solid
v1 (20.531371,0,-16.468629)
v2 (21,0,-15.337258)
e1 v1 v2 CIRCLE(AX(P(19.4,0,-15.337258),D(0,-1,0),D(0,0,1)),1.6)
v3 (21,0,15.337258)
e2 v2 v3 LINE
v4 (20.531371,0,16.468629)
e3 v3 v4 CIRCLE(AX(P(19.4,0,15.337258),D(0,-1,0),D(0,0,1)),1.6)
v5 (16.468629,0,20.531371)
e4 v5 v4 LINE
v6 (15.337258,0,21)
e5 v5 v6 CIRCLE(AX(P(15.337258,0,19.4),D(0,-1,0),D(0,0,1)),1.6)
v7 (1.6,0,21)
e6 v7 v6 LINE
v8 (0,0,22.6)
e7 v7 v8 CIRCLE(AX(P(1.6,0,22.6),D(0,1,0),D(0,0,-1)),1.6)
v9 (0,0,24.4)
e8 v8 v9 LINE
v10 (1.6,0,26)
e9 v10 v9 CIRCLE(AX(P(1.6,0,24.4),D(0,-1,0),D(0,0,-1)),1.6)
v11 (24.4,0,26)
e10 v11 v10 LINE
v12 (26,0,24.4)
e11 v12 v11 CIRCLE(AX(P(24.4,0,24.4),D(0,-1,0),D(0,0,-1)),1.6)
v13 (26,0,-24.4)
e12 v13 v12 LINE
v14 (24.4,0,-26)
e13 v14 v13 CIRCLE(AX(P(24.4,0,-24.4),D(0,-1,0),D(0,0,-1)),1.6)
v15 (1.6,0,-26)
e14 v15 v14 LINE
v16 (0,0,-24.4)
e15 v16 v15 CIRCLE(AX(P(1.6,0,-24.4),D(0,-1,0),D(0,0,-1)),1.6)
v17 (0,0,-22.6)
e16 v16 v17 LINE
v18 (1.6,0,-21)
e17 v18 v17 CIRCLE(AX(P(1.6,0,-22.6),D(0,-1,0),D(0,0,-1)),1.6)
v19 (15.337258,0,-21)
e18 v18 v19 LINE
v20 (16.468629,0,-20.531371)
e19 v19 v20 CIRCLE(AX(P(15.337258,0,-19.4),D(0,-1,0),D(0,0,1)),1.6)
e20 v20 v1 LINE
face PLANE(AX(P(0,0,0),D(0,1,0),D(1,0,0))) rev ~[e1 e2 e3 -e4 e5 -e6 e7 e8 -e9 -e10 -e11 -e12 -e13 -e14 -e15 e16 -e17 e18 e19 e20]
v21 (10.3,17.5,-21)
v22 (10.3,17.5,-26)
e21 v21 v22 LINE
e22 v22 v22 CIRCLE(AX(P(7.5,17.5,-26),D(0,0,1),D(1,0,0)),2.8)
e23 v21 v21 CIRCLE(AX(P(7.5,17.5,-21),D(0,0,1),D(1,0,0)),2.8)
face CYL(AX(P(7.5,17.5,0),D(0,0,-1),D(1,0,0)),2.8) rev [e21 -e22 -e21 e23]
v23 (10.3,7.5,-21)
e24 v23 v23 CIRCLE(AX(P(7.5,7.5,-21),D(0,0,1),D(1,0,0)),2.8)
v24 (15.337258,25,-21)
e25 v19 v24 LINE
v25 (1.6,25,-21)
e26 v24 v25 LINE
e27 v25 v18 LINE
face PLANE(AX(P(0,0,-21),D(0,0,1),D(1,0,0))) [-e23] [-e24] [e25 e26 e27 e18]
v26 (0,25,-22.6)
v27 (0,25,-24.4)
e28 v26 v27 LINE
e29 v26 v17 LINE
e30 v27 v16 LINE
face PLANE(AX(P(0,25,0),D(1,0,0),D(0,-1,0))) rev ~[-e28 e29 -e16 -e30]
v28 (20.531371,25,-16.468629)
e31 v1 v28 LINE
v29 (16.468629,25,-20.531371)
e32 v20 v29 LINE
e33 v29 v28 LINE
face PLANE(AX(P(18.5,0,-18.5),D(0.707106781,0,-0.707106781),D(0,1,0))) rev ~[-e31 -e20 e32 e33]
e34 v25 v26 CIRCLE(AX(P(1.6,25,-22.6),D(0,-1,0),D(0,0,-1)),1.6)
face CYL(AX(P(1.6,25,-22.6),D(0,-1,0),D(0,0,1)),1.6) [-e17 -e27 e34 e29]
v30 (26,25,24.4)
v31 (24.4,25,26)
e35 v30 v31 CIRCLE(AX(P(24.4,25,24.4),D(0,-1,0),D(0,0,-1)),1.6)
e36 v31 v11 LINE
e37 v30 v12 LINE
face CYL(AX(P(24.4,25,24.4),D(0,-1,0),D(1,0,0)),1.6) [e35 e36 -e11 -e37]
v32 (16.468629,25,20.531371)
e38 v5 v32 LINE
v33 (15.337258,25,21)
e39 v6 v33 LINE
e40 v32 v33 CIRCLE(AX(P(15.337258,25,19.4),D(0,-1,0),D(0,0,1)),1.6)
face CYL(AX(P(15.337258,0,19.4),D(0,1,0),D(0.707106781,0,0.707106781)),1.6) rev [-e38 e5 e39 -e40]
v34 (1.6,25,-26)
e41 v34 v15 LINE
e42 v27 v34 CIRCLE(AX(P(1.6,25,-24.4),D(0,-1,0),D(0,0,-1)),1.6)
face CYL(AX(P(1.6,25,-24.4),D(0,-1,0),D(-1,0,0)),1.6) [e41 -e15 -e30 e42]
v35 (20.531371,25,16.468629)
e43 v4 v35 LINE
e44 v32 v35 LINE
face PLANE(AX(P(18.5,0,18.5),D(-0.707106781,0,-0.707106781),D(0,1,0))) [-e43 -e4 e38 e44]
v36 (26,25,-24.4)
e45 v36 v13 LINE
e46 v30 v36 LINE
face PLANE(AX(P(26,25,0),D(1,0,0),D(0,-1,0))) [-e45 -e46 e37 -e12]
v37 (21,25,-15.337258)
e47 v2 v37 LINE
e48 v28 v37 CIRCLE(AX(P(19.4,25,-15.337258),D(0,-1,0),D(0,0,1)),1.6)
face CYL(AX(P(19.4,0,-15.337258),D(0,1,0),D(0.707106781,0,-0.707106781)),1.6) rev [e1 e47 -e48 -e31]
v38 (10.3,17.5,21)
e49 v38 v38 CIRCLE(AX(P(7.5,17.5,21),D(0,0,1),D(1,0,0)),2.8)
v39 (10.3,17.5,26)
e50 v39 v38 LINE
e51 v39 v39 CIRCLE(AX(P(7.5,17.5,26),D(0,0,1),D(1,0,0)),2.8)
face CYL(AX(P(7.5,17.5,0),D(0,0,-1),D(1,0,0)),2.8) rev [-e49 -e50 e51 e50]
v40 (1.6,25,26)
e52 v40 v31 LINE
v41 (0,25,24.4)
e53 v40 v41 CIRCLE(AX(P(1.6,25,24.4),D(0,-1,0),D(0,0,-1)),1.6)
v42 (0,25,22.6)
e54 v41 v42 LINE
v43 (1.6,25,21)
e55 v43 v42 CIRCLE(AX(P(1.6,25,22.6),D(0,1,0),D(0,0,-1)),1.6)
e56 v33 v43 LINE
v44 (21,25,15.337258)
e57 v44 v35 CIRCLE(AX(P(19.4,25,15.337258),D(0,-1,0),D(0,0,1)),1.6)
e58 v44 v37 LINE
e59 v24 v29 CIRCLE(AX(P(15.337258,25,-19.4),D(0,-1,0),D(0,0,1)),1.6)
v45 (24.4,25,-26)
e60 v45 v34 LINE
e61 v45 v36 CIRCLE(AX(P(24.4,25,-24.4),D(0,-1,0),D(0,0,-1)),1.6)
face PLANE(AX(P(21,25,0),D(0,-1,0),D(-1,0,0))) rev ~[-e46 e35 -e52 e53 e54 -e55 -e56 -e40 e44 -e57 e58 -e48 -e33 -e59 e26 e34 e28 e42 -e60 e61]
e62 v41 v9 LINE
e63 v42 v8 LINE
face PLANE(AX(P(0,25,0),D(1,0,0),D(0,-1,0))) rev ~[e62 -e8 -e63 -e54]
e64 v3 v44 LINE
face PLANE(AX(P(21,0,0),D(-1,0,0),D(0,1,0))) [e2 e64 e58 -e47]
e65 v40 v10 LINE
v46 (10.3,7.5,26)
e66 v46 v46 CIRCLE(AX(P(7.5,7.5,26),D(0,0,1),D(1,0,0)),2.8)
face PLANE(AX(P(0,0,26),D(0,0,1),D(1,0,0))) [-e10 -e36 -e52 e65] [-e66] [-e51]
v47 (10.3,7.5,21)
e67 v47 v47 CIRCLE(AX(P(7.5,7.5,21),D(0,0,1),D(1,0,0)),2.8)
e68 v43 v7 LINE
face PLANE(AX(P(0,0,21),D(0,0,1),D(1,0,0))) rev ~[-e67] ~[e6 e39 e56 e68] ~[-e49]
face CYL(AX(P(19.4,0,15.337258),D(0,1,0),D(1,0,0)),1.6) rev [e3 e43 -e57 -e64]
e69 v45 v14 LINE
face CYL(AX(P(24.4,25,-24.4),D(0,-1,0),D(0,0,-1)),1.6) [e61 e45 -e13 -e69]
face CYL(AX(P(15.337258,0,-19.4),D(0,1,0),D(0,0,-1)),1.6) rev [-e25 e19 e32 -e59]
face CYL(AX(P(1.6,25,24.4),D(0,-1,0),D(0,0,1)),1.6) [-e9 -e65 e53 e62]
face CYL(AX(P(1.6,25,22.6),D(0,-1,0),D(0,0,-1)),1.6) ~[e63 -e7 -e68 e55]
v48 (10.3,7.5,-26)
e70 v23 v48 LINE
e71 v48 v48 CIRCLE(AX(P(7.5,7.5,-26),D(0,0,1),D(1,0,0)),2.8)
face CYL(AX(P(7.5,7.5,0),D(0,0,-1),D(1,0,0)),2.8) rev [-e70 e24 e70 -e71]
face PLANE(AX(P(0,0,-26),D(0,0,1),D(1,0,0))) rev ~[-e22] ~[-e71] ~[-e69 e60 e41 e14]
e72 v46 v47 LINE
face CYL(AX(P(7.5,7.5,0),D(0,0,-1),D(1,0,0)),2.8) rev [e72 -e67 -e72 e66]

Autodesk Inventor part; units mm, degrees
ref_plane "YZ Plane" through (0, 0, 0) normal (1, 0, 0) x (0, 1, 0)
ref_plane "XZ Plane" through (0, 0, 0) normal (0, 1, 0) x (-1, 0, 0)
ref_plane "XY Plane" through (0, 0, 0) normal (0, 0, 1) x (1, 0, 0)
sketch "Szkic1" plane through (0, 0, 0) normal (0, 0, 1) x (1, 0, 0)
  line L0 (0, 0) -> (21, 0)
  line L1 (21, 0) -> (21, 25)
  line L2 (21, 25) -> (0, 25)
  line L3 (0, 25) -> (0, 0)
  line L4 (21, 25) -> (26, 25)
  line L5 (26, 25) -> (26, 0)
  line L6 (26, 0) -> (21, 0)
  line L7 (21, 0) -> (21, 25)
  line L8 (0, 12.5) -> (26, 12.5) construction
  circle A0 centre (7.5, 17.5) radius 2.8
  circle A1 centre (7.5, 7.5) radius 2.8
  dimension "d0" = 21
  dimension "d1" = 25
  dimension "d2" = 5
  dimension "d4" = 7.5
  dimension "d5" = 5.6
  dimension "d13" = 10
extrude "Wyciągnięcie proste1" add sketch "Szkic1" along normal mid plane 52
extrude "Wyciągnięcie proste2" cut sketch "Szkic1" along normal mid plane 42 contours L3 L2 L1 L0
chamfer "Faza1" distance 5 angle 45 2 edges at (21, 12.5, 21) (21, 12.5, -21)
fillet "Zaokrąglenie1" radius 1.6 10 edges at (0, 12.5, 26) (0, 12.5, 21) (26, 12.5, 26) (26, 12.5, -26) (0, 12.5, -26) (0, 12.5, -21) (16, 12.5, 21) (21, 12.5, 16) (21, 12.5, -16) (16, 12.5, -21)
properties part number "finger_rig" material "PLA"
